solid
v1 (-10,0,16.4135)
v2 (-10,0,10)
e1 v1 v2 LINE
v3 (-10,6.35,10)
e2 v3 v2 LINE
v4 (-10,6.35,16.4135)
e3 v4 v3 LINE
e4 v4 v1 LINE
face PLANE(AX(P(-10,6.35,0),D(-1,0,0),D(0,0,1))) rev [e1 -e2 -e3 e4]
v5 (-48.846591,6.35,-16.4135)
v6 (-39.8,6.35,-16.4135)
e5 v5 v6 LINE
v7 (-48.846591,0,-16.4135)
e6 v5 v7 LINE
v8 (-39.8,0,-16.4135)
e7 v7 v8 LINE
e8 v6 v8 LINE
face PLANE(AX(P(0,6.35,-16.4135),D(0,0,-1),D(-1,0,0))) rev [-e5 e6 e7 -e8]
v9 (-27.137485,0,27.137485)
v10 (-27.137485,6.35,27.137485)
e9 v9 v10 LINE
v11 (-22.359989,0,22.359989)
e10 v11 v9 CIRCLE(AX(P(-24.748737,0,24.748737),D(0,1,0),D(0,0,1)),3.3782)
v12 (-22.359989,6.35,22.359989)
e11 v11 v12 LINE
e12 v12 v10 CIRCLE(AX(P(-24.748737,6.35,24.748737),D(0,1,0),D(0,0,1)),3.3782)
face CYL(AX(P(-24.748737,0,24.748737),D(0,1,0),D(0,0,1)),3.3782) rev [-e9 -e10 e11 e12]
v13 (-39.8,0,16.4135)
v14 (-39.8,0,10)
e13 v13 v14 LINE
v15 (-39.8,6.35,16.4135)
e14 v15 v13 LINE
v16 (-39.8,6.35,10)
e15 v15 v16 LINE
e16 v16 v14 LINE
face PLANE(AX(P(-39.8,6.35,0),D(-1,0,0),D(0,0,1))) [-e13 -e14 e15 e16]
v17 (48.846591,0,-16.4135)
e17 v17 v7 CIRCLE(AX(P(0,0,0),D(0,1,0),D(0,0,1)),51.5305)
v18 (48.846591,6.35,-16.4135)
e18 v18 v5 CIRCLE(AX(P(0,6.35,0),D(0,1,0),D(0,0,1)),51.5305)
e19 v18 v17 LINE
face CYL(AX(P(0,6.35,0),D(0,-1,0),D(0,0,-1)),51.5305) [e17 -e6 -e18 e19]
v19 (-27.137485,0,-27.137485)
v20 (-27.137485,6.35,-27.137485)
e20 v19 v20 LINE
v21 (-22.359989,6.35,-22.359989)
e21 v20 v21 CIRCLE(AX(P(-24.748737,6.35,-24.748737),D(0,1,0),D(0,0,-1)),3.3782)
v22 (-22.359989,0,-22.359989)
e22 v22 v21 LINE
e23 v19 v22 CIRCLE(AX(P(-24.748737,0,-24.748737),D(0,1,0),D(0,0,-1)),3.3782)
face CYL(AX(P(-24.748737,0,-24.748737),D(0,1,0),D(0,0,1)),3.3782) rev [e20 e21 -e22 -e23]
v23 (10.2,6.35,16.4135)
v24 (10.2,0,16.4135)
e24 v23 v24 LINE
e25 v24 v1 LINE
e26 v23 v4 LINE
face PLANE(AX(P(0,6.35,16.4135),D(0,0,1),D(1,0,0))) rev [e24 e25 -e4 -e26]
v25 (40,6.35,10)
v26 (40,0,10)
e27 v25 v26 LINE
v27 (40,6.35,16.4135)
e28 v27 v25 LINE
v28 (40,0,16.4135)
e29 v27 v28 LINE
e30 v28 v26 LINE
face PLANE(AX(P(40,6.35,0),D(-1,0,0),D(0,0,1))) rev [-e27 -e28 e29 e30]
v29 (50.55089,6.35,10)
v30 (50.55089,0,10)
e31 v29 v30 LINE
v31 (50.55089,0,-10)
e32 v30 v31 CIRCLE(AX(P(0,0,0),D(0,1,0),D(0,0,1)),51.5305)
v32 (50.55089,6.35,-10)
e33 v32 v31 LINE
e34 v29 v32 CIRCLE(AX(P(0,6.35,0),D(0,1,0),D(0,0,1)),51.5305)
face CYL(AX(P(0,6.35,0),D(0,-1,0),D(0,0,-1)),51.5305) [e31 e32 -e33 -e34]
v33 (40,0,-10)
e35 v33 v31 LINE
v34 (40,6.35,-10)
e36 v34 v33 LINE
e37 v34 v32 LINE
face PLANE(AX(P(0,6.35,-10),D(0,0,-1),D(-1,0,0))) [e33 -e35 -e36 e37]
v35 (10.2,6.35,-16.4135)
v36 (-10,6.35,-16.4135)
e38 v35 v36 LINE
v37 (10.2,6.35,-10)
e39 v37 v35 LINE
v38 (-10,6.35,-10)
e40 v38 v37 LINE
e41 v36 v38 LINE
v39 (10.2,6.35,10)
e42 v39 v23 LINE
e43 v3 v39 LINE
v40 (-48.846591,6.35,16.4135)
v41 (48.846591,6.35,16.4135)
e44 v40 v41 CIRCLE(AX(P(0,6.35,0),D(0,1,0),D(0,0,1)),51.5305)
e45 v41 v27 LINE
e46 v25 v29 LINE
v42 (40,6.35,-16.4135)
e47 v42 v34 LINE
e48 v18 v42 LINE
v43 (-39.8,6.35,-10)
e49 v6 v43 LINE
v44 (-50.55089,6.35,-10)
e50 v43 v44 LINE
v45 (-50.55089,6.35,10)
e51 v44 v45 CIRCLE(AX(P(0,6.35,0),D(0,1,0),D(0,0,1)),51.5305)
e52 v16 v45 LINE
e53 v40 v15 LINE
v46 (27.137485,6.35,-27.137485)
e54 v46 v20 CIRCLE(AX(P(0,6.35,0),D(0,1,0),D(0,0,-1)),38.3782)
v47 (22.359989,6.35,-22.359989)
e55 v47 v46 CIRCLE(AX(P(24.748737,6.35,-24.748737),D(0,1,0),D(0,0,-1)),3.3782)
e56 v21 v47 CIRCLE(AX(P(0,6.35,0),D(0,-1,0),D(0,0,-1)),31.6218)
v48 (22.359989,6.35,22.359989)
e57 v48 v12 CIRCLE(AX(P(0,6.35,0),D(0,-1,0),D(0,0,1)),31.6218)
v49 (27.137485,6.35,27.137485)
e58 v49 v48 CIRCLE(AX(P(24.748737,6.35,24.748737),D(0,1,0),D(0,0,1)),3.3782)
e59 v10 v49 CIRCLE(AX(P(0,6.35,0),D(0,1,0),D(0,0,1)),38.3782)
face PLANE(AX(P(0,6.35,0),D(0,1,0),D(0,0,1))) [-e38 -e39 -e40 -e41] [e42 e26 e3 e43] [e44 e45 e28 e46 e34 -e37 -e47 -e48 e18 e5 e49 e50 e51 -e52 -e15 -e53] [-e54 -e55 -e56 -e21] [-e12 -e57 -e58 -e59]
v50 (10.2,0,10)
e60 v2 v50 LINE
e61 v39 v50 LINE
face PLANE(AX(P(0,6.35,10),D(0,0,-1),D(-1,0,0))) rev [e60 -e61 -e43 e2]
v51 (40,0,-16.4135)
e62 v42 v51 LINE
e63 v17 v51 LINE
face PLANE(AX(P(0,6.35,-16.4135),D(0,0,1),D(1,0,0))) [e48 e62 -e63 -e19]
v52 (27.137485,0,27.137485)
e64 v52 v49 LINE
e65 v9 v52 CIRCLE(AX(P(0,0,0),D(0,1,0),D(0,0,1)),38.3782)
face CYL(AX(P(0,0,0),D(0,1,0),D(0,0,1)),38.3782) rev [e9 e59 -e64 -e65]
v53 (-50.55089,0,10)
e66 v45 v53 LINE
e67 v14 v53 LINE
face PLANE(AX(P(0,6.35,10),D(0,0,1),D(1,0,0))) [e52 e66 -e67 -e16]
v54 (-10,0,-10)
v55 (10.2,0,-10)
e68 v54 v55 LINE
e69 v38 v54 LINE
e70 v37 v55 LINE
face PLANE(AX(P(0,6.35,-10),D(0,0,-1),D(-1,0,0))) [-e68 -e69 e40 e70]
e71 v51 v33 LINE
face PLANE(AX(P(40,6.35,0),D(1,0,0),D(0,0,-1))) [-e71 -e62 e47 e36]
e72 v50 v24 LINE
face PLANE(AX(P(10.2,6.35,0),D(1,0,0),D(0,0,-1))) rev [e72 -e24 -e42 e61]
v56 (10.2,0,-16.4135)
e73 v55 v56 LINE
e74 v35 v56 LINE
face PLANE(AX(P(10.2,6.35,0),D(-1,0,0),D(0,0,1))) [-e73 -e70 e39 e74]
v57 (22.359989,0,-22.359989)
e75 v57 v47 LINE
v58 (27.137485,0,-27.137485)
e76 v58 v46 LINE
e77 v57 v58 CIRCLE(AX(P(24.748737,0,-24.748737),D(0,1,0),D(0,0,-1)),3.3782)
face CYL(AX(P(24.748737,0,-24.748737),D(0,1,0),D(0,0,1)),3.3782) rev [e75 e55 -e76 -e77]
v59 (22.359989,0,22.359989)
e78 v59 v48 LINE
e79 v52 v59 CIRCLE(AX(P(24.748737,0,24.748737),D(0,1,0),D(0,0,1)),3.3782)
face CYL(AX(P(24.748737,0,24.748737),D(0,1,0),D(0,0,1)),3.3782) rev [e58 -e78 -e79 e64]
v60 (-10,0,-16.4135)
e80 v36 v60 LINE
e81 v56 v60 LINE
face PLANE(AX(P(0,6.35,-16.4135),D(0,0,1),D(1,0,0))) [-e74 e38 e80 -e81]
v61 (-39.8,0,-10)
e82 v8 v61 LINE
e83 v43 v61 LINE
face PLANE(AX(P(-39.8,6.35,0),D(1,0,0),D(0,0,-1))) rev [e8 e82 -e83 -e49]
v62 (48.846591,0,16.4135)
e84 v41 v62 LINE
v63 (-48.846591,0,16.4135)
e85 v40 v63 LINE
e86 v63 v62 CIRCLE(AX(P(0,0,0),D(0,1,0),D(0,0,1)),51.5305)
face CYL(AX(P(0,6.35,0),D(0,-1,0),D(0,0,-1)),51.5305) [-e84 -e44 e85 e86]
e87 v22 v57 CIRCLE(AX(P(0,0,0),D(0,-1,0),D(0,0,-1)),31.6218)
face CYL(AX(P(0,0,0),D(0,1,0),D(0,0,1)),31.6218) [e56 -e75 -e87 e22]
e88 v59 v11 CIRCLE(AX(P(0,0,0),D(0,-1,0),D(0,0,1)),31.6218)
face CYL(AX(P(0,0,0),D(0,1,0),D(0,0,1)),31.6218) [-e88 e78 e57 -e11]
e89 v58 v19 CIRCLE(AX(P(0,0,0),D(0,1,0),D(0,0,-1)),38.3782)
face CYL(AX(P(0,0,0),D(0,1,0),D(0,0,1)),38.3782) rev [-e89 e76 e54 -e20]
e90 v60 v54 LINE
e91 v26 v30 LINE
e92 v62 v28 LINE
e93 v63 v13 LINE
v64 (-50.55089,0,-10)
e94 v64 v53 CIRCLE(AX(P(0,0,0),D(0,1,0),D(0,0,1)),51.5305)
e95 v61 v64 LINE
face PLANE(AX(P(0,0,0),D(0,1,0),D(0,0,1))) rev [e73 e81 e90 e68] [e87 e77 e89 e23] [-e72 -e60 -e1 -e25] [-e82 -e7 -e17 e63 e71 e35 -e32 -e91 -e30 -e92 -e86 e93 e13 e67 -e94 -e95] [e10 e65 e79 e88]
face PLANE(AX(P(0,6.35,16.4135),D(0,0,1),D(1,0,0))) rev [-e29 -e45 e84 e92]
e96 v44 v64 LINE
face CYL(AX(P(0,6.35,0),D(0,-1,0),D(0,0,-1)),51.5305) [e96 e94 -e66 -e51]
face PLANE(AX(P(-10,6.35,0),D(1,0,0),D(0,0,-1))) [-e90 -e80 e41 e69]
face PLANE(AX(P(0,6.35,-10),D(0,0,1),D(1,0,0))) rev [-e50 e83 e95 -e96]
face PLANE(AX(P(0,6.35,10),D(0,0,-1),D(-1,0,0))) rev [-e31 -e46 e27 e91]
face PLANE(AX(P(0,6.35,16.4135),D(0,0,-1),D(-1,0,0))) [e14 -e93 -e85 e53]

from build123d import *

# Parameters (mm, degrees)
SKETCH1_W           = 20.2
SKETCH1_H           = 6.4135
BOSS_EXTRUDE1_DEPTH = 6.35
CUT_EXTRUDE1_DEPTH  = 7.35


with BuildPart() as part:
    # Sketch1 → Boss-Extrude1 (new body)
    with BuildSketch(Plane(origin=(0, 0, 0), x_dir=(1, 0, 0), z_dir=(0, 1, 0))):
        with BuildLine():
            ThreePointArc((48.846590956, 16.4135), (0, 51.5305), (-48.846590956, 16.4135))
            Line((-48.846590956, 16.4135), (-39.8, 16.4135))
            Line((-39.8, 16.4135), (-39.8, 10))
            Line((-39.8, 10), (-50.55088951, 10))
            ThreePointArc((-50.55088951, 10), (-51.5305, 0), (-50.55088951, -10))
            Line((-50.55088951, -10), (-39.8, -10))
            Line((-39.8, -10), (-39.8, -16.4135))
            Line((-39.8, -16.4135), (-48.846590956, -16.4135))
            ThreePointArc((-48.846590956, -16.4135), (0, -51.5305), (48.846590956, -16.4135))
            Line((48.846590956, -16.4135), (40, -16.4135))
            Line((40, -16.4135), (40, -10))
            Line((40, -10), (50.55088951, -10))
            ThreePointArc((50.55088951, -10), (51.285012636, -5.023933636), (51.5305, 0))
            ThreePointArc((51.5305, 0), (51.285012636, 5.023933636), (50.55088951, 10))
            Line((50.55088951, 10), (40, 10))
            Line((40, 10), (40, 16.4135))
            Line((40, 16.4135), (48.846590956, 16.4135))
        make_face()
        with Locations((0.1, -13.20675)):
            Rectangle(SKETCH1_W, SKETCH1_H, mode=Mode.SUBTRACT)
        with Locations((0.1, 13.20675)):
            Rectangle(SKETCH1_W, SKETCH1_H, mode=Mode.SUBTRACT)
    extrude(amount=BOSS_EXTRUDE1_DEPTH)

    # Sketch2 → Cut-Extrude1 (cut, through all)
    with BuildSketch(Plane(origin=(0, 6.35, 0), x_dir=(1, 0, 0), z_dir=(0, 1, 0))):
        with BuildLine():
            ThreePointArc((-27.13748547, -27.13748547), (0, -38.3782), (27.13748547, -27.13748547))
            ThreePointArc((27.13748547, -27.13748547), (27.13748547, -22.359989213), (22.359989213, -22.359989213))
            ThreePointArc((22.359989213, -22.359989213), (0, -31.6218), (-22.359989213, -22.359989213))
            ThreePointArc((-22.359989213, -22.359989213), (-27.13748547, -22.359989213), (-27.13748547, -27.13748547))
        make_face()
        with BuildLine():
            ThreePointArc((-27.13748547, 27.13748547), (0, 38.3782), (27.13748547, 27.13748547))
            ThreePointArc((27.13748547, 27.13748547), (27.13748547, 22.359989213), (22.359989213, 22.359989213))
            ThreePointArc((22.359989213, 22.359989213), (0, 31.6218), (-22.359989213, 22.359989213))
            ThreePointArc((-22.359989213, 22.359989213), (-27.13748547, 22.359989213), (-27.13748547, 27.13748547))
        make_face()
    extrude(amount=-CUT_EXTRUDE1_DEPTH, mode=Mode.SUBTRACT)


solid = part.part
